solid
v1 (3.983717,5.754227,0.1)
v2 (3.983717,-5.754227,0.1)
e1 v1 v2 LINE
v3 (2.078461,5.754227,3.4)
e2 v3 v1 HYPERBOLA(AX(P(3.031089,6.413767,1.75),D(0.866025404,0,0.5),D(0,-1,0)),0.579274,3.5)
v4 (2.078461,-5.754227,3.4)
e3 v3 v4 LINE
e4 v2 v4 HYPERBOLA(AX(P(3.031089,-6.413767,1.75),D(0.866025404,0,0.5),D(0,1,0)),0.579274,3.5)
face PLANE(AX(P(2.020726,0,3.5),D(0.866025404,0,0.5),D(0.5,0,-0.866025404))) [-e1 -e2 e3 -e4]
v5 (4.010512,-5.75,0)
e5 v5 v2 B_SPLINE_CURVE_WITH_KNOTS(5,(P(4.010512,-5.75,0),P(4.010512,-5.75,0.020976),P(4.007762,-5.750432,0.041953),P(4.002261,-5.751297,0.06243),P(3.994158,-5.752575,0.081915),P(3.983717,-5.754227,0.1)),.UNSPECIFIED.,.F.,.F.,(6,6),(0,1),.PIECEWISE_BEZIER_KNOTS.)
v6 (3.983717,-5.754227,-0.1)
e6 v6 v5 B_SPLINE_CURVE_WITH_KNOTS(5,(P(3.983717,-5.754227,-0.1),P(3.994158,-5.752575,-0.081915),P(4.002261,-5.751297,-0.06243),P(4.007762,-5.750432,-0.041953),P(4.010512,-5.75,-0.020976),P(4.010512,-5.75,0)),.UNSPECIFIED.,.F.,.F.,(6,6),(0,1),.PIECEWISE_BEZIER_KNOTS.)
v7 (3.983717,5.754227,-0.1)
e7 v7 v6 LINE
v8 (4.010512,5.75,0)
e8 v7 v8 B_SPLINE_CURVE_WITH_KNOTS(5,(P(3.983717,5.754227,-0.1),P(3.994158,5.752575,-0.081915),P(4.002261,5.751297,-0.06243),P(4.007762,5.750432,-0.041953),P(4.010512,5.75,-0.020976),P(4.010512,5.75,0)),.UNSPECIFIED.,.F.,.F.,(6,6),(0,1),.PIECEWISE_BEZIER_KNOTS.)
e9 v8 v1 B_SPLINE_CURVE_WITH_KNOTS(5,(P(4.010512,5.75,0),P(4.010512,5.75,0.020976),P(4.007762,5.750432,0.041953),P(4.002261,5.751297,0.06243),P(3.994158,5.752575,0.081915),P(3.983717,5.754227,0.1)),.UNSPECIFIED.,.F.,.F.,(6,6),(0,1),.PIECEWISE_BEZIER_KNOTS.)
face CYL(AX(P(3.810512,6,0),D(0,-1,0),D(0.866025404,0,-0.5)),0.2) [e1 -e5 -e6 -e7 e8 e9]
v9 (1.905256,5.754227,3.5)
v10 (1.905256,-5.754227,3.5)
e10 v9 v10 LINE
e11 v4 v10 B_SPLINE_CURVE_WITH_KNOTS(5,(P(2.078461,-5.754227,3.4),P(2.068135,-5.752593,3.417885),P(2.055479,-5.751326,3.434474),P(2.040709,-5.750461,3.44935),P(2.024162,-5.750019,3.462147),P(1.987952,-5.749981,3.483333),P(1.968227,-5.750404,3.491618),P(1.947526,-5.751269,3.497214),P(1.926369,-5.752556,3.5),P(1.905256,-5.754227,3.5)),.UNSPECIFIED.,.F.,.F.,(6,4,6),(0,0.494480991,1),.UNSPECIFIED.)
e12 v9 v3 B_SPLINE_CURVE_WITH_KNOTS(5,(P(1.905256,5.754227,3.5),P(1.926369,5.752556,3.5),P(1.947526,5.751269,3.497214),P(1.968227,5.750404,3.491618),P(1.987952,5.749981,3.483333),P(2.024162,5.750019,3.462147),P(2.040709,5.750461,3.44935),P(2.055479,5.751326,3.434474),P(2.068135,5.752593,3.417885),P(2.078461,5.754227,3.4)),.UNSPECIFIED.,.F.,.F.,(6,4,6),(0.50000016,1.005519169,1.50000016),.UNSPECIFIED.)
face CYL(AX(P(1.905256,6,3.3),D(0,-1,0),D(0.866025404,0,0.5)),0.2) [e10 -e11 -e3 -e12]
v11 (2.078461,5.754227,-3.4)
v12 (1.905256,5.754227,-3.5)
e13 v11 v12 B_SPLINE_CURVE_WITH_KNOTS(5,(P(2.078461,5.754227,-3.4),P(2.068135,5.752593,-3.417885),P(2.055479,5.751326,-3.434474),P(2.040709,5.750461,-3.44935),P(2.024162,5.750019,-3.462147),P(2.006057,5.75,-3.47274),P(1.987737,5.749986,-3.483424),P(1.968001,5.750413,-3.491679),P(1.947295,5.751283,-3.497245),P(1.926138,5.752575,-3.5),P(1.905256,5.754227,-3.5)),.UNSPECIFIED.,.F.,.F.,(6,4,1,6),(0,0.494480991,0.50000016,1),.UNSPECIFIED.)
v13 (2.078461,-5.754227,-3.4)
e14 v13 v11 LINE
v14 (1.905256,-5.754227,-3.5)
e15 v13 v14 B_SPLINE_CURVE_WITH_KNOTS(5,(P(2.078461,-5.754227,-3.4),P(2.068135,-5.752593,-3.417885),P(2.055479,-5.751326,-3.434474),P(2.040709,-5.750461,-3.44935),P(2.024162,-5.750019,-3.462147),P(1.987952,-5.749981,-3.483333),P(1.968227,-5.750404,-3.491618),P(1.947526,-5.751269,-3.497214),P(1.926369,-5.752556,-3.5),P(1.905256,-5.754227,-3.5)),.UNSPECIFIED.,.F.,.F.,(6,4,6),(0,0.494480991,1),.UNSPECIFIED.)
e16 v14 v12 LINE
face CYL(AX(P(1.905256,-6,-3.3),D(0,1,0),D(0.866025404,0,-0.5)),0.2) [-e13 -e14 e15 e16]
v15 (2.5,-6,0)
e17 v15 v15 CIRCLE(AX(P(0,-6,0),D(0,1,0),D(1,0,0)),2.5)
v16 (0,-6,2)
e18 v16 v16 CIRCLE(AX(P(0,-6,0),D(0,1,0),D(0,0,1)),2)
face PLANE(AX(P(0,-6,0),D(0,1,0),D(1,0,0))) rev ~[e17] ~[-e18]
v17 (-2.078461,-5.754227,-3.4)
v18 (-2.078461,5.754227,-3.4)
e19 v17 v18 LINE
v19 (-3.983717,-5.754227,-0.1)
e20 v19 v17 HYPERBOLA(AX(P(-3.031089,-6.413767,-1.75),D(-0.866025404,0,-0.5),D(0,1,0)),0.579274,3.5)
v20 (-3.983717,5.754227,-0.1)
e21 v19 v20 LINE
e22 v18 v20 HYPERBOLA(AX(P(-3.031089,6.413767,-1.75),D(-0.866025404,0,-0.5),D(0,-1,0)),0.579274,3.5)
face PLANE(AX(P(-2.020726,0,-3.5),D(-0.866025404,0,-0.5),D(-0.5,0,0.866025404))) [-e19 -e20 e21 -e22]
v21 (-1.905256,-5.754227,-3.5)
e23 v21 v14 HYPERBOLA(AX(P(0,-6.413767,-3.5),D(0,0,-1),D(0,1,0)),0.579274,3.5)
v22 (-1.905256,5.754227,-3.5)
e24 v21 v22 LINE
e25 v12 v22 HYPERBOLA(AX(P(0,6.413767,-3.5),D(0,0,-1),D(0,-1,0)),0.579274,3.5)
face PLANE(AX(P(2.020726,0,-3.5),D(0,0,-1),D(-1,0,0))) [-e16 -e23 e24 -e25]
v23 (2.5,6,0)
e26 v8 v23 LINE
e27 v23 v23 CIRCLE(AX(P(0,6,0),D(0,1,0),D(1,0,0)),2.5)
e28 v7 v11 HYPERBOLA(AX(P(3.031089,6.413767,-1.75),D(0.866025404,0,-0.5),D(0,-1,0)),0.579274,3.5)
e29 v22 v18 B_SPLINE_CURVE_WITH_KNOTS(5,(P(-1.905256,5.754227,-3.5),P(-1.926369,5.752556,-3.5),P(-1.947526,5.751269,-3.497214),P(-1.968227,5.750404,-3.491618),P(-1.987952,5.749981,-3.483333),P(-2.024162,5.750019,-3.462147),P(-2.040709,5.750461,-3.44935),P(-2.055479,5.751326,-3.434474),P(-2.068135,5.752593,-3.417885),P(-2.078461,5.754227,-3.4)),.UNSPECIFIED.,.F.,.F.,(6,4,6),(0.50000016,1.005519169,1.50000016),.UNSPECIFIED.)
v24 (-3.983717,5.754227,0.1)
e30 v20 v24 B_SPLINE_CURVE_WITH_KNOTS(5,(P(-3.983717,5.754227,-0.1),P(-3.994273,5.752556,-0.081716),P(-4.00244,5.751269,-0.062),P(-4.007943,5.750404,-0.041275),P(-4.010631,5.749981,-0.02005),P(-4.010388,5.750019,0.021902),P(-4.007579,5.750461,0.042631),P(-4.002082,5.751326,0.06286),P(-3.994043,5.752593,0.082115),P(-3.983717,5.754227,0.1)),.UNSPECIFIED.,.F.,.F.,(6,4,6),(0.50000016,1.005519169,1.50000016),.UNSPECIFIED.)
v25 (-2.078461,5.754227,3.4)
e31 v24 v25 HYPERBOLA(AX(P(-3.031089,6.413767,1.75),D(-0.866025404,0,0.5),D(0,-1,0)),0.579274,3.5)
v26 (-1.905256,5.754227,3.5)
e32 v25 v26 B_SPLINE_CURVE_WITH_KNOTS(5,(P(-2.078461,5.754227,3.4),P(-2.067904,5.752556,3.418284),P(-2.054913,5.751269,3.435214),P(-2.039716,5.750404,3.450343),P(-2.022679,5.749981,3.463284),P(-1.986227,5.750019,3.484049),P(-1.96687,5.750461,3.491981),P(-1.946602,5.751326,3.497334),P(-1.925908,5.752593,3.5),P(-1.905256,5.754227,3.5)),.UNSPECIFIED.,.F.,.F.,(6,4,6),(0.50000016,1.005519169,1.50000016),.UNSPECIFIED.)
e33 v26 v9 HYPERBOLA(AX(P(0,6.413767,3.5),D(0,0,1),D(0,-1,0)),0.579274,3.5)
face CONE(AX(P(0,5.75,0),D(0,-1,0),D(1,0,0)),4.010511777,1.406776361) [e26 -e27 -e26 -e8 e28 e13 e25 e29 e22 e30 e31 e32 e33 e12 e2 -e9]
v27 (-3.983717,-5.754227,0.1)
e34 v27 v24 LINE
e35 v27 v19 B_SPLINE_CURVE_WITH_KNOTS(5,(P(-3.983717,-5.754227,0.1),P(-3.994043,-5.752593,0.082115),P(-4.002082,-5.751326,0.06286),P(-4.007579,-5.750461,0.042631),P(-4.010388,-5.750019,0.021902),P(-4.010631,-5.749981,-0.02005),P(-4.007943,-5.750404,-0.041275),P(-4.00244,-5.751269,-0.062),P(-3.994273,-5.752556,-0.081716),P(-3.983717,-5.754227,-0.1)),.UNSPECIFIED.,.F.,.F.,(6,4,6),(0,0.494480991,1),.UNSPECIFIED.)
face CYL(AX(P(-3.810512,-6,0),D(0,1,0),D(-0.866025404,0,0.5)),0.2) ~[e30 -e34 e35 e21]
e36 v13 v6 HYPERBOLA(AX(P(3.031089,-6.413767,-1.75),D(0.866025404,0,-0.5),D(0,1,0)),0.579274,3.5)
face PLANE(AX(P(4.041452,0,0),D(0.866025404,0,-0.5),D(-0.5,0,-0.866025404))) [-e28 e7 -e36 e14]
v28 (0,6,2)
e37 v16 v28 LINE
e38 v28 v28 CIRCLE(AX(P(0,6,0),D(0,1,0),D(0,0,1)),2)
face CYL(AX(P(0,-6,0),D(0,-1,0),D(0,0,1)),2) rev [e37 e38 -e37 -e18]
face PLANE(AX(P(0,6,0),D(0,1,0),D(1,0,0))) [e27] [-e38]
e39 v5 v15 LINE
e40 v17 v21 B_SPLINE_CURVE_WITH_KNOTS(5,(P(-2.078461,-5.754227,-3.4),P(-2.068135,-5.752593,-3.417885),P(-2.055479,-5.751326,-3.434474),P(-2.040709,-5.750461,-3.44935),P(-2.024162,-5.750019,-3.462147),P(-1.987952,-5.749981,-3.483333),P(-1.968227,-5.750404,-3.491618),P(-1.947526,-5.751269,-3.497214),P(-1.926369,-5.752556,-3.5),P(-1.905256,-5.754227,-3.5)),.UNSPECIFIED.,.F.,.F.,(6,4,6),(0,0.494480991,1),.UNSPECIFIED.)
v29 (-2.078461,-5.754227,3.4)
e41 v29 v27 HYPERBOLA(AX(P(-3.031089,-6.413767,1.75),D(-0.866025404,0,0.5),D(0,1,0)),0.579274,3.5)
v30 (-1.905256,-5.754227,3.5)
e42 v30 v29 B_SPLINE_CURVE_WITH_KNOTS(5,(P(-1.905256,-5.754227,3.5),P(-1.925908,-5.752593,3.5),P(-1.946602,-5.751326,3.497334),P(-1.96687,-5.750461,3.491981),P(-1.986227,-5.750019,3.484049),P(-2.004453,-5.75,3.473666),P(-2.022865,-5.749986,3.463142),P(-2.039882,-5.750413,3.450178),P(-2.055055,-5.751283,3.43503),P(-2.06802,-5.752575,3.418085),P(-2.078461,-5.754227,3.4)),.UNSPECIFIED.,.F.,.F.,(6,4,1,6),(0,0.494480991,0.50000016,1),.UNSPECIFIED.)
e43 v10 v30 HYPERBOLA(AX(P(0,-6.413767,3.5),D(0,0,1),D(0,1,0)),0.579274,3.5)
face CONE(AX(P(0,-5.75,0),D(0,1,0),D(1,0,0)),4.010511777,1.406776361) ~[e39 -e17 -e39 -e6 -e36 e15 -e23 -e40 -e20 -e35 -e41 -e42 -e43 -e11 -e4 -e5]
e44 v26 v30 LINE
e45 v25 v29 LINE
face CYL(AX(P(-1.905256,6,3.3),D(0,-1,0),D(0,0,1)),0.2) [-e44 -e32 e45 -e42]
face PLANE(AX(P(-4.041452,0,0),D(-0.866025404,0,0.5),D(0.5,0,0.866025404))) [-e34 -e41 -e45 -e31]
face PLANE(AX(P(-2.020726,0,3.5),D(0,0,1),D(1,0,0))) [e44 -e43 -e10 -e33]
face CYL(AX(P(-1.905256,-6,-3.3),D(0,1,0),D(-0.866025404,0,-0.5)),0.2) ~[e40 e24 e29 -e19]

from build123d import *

# Parameters (mm, degrees)
EXTRUDE_1_DEPTH     = 6
FILLET_1_R          = 0.2
SKETCH_3_R          = 2
CUT_EXTRUDE_1_DEPTH = 8


with BuildPart() as part:
    # 草图1 → 凸台-拉伸1 (new, symmetric)
    with BuildSketch(Plane(origin=(0, 0, 0), x_dir=(1, 0, 0), z_dir=(0, 1, 0))):
        Polygon((4.041451884, 0), (2.020725942, 3.5), (-2.020725942, 3.5), (-4.041451884, 0), (-2.020725942, -3.5), (2.020725942, -3.5), align=None)
    extrude(amount=EXTRUDE_1_DEPTH, both=True)

    # 圆角1
    fillet_1_edges = [part.edges().sort_by_distance(p)[0] for p in [
        (2.020725942, 0, 3.5),
        (-2.020725942, 0, 3.5),
        (-4.041451884, 0, 0),
        (-2.020725942, 0, -3.5),
        (2.020725942, 0, -3.5),
        (4.041451884, 0, 0),
    ]]
    fillet(fillet_1_edges, radius=FILLET_1_R)

    # 草图3 → 切除-拉伸1 (cut)
    with BuildSketch(Plane(origin=(0, 6, 0), x_dir=(1, 0, 0), z_dir=(0, 1, 0))):
        with Locations(Location((0, 0, 0), (0, 0, 270))):
            Circle(SKETCH_3_R)
    cut_extrude_1 = extrude(amount=-CUT_EXTRUDE_1_DEPTH, mode=Mode.SUBTRACT)

    # 草图4 → 切除-旋转1 (revolve, cut)
    with BuildSketch(Plane.XY, mode=Mode.PRIVATE) as cut_revolve_1_sk:
        Polygon((-4.010511777, 6), (-4.010511777, 5.75), (-2.5, 6), align=None)
    cut_revolve_1 = revolve(cut_revolve_1_sk.sketch.rotate(Axis((0, 0, 0), (0, 1, 0)), 180), axis=Axis((0, 0, 0), (0, 1, 0)), mode=Mode.SUBTRACT)

    # 镜向1: 切除-拉伸1, 切除-旋转1 across plane
    add(cut_extrude_1.mirror(Plane.ZX), mode=Mode.SUBTRACT)
    add(cut_revolve_1.mirror(Plane.ZX), mode=Mode.SUBTRACT)


solid = part.part
